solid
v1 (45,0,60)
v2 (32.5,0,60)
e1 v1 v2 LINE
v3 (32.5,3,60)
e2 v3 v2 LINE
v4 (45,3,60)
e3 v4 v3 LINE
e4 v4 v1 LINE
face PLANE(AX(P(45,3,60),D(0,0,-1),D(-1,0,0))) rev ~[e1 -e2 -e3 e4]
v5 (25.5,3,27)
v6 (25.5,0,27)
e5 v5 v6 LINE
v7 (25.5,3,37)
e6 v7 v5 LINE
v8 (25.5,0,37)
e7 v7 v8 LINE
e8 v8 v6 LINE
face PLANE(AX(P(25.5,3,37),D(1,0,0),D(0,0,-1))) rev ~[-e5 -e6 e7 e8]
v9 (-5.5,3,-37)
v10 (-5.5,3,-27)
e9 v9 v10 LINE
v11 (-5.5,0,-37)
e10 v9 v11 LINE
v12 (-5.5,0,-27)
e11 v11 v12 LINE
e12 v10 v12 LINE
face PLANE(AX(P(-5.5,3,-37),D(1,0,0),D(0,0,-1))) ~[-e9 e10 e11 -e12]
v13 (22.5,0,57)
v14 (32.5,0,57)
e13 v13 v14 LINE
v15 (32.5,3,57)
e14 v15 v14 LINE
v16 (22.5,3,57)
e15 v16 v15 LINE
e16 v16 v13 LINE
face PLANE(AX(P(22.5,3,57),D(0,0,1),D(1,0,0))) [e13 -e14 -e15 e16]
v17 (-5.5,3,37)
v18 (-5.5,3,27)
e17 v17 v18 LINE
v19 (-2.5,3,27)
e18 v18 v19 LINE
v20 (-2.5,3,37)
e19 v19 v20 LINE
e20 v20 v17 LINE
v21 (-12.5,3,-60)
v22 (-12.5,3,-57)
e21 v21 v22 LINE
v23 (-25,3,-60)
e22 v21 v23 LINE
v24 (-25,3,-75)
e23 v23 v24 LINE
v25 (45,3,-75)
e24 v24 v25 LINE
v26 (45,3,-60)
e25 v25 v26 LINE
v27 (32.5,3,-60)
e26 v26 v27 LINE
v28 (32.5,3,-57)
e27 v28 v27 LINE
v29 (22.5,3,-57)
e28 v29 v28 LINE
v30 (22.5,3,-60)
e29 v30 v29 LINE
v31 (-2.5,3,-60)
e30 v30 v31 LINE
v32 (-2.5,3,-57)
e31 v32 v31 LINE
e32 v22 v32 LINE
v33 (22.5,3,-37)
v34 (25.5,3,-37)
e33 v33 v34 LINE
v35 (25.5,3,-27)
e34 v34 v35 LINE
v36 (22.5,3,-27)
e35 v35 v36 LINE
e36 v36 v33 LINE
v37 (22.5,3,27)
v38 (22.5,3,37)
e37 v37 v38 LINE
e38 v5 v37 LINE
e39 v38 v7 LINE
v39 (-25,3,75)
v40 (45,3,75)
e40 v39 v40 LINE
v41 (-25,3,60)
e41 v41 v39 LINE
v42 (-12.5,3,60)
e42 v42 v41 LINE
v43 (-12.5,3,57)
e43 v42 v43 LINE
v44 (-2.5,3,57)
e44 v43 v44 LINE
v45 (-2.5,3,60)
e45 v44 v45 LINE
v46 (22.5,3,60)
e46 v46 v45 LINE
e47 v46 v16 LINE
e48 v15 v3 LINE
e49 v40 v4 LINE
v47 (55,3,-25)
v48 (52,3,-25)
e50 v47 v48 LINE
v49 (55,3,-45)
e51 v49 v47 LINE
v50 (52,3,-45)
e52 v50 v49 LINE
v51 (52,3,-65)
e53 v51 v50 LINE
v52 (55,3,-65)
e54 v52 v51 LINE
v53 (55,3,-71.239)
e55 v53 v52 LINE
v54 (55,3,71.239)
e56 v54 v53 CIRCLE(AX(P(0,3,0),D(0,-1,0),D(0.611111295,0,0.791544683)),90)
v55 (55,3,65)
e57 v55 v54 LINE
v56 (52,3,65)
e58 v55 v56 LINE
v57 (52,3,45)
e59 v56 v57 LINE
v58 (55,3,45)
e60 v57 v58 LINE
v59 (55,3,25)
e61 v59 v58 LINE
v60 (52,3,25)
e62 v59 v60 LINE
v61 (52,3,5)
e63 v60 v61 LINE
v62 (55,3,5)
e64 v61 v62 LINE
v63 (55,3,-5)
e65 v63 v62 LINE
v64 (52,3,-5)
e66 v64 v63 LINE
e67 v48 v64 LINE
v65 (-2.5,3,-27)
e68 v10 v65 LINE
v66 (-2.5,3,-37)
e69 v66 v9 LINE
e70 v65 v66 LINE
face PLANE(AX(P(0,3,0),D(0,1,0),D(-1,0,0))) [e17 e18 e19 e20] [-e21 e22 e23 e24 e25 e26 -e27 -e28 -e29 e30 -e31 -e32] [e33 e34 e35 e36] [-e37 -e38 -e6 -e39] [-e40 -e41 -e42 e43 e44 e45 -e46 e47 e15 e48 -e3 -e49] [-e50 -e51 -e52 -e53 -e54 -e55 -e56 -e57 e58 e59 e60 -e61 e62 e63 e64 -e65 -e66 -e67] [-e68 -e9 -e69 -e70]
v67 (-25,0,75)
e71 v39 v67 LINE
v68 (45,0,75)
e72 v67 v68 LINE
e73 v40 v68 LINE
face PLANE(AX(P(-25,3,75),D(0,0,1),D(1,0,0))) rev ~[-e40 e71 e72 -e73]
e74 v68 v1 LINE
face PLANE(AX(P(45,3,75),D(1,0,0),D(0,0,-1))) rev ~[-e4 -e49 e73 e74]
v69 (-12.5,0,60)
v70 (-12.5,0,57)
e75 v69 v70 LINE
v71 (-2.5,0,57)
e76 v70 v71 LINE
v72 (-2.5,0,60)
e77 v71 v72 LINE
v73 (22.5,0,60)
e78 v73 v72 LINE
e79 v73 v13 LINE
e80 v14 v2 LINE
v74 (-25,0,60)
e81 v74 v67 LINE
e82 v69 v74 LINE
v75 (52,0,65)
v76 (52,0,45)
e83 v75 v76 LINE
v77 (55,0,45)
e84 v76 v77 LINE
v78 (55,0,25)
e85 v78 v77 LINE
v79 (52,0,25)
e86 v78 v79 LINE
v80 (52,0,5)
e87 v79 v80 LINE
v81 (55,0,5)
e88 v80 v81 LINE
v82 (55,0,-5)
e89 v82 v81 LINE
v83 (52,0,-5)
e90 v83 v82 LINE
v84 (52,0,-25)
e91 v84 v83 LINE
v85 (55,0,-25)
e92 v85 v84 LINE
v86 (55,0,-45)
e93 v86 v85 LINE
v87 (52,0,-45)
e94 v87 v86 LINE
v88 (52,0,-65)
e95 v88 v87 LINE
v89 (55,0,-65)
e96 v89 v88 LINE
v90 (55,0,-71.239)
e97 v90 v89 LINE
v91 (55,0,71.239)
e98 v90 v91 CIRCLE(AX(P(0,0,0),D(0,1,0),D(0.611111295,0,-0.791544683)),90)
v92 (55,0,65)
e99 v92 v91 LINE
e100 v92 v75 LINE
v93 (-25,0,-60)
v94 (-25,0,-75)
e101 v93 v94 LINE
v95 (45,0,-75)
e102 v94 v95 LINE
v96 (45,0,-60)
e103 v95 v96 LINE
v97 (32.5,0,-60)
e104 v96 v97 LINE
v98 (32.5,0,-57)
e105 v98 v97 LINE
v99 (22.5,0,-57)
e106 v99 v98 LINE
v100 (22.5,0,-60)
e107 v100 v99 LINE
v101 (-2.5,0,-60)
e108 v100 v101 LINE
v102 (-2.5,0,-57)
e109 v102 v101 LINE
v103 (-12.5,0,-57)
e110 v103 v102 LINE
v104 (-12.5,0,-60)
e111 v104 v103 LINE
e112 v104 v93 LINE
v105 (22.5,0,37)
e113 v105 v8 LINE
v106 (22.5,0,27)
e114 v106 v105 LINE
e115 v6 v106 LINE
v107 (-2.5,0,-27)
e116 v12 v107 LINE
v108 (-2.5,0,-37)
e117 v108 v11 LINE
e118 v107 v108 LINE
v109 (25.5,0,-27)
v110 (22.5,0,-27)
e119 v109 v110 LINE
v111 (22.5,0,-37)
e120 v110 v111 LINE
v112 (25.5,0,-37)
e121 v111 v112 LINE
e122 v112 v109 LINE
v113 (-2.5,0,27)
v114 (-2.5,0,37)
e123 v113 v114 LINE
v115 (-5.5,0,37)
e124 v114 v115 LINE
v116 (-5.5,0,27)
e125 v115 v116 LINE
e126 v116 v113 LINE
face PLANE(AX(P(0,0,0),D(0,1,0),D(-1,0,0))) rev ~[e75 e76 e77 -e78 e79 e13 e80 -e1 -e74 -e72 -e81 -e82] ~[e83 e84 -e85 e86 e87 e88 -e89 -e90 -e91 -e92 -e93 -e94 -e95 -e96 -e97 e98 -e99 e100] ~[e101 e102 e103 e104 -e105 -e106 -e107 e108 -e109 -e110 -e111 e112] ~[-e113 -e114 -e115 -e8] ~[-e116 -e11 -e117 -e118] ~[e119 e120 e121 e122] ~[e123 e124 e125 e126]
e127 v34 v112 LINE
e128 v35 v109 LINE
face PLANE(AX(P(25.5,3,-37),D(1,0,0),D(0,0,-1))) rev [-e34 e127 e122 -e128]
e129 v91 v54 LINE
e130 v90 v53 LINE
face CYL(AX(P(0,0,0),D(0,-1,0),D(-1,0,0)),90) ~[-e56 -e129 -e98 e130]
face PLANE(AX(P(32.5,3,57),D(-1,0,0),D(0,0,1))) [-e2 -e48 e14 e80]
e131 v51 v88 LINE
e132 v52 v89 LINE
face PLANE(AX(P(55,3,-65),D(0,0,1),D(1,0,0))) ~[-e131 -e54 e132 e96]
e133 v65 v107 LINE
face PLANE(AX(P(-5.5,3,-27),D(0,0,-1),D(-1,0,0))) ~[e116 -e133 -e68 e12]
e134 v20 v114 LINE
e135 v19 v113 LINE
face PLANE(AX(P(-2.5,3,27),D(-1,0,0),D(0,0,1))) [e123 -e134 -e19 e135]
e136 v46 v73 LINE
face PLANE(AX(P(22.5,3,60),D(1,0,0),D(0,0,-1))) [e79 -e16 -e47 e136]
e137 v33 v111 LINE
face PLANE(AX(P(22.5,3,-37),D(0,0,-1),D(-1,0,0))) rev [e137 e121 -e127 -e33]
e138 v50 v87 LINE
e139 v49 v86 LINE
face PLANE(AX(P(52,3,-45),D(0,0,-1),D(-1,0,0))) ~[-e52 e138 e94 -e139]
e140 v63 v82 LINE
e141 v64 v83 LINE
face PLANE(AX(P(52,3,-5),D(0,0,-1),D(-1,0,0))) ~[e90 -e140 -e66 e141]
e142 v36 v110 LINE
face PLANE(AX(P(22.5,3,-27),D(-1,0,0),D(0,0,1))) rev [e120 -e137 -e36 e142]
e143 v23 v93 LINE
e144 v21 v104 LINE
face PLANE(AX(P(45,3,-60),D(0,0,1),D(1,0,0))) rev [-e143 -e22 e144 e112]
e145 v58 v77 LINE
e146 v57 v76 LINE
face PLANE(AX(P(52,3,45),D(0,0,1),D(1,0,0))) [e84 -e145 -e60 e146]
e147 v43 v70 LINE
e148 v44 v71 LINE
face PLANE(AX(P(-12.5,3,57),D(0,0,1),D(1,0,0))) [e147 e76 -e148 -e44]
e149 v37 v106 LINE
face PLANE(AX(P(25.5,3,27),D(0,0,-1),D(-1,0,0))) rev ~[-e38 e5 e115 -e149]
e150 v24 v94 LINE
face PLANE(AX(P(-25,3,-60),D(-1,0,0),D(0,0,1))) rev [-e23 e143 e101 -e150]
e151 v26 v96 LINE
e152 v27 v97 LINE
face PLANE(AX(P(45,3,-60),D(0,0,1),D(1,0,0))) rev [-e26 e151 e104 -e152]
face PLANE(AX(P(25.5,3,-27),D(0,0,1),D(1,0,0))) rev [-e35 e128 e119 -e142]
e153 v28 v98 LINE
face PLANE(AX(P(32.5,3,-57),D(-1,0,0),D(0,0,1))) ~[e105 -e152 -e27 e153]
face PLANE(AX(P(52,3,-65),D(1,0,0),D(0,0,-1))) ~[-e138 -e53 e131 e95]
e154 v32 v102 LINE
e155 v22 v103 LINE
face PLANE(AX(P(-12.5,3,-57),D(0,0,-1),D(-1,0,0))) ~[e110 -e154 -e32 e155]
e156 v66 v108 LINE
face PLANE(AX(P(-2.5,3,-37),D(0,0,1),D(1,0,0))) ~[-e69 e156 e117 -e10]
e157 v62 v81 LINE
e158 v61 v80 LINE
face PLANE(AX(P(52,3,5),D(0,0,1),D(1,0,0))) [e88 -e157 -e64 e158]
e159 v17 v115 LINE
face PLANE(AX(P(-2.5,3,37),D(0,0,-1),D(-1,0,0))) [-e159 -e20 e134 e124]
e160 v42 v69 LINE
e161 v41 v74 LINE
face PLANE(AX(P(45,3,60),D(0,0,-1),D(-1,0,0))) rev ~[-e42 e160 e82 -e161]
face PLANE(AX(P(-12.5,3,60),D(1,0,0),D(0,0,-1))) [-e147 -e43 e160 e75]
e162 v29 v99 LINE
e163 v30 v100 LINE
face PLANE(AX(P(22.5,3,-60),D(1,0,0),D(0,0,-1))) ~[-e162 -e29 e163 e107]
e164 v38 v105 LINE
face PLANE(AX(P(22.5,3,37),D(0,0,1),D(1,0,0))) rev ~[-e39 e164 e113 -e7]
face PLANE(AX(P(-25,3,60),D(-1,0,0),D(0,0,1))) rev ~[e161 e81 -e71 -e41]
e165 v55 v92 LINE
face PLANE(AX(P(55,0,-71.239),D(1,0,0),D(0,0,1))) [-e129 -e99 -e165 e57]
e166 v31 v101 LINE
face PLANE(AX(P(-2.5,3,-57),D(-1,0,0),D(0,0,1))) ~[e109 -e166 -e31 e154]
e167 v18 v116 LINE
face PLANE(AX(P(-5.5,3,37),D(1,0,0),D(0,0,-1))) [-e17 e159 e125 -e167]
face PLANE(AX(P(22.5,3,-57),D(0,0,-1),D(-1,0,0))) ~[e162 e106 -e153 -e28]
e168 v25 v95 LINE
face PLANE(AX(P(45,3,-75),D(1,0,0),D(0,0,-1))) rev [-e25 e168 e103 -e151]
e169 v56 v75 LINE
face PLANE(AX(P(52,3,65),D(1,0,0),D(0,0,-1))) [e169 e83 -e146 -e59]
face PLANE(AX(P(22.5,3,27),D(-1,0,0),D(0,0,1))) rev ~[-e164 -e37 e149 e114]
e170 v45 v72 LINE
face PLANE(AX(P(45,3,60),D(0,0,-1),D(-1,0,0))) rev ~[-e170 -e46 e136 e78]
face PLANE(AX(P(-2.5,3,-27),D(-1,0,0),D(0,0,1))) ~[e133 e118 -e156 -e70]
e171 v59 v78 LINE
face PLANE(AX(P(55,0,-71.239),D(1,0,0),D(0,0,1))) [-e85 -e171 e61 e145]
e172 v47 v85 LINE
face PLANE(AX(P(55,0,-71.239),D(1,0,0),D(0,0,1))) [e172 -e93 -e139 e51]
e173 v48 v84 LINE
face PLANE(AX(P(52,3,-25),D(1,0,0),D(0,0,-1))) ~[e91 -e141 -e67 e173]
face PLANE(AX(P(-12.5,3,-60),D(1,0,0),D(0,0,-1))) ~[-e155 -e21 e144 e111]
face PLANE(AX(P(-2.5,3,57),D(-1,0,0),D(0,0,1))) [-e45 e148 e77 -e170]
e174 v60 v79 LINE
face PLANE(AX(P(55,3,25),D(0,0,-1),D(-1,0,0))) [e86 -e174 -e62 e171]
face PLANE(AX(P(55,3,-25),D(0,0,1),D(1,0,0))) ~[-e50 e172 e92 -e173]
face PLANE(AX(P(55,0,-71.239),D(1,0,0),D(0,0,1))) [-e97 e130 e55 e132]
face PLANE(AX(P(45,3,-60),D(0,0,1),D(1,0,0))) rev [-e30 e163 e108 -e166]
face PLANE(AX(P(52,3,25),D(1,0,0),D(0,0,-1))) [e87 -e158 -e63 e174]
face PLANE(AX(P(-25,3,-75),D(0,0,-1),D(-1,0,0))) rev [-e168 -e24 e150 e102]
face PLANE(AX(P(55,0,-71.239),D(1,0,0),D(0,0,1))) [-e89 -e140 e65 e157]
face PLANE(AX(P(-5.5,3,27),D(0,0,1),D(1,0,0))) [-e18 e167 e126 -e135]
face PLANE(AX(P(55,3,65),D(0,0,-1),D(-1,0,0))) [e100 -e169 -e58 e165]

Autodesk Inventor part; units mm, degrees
ref_plane "YZ Plane" through (0, 0, 0) normal (1, 0, 0) x (0, 1, 0)
ref_plane "XZ Plane" through (0, 0, 0) normal (0, 1, 0) x (-1, 0, 0)
ref_plane "XY Plane" through (0, 0, 0) normal (0, 0, 1) x (1, 0, 0)
sketch "Sketch1" plane through (0, 0, 0) normal (0, 1, 0) x (-1, 0, 0)
  circle A0 centre (0, 0) radius 90 construction
  line L0 (-55, 71.239) -> (-55, -71.239) construction
  line L1 (-45, 75) -> (25, 75) construction
  line L2 (25, 75) -> (25, 60) construction
  line L3 (25, 60) -> (-45, 60) construction
  line L4 (-45, 60) -> (-45, 75) construction
  line L5 (-55, 0) -> (0, 0) construction
  circle A1 centre (0, 0) radius 90 construction
  line L6 (-45, -75) -> (25, -75) construction
  line L7 (25, -75) -> (25, -60) construction
  line L8 (25, -60) -> (-45, -60) construction
  line L9 (-45, -60) -> (-45, -75) construction
  line L10 (-10, 60) -> (-10, -60) construction
  dimension "d0" = 180
  dimension "d1" = 55
  dimension "d2" = 70
  dimension "d3" = 60
  dimension "d4" = 10
  dimension "d5" = 15
sketch "Sketch2" plane through (0, 0, 0) normal (0, 1, 0) x (-1, 0, 0)
  circle A0 centre (0, 0) radius 90
  line L0 (-55, -71.239) -> (-55, 71.239)
  dimension "d6" = 180
  dimension "d7" = 55
extrude "Extrusion1" add sketch "Sketch2" along normal blind 3 contours A0 L0 picked at (-6.6667, 0)
sketch "Sketch3" plane through (0, 3, 0) normal (0, 1, 0) x (1, 0, 0)
  line L0 (-25, -60) -> (45, -60) construction
  line L1 (45, -60) -> (45, -75) construction
  line L2 (-25, -75) -> (-25, -60) construction
  line L3 (45, -75) -> (-25, -75) construction
  line L4 (45, -60) -> (-25, -60)
  line L5 (-25, -60) -> (-25, -75)
  line L6 (-25, -75) -> (45, -75)
  line L7 (45, -75) -> (45, -60)
  point P0 (0, 0)
extrude "Extrusion2" cut sketch "Sketch3" against normal blind 3
mirror "Mirror1" about plane through (0, 0, 0) normal (0, 0, 1) of "Extrusion2"
sketch "Sketch4" plane through (0, 3, 0) normal (0, 1, 0) x (1, 0, 0)
  line L0 (10, -60) -> (10, 60)
  line L1 (22.5, -5) -> (-2.5, -5) construction
  line L2 (-2.5, -5) -> (-2.5, -57) construction
  line L3 (-2.5, -57) -> (22.5, -57) construction
  line L4 (22.5, -57) -> (22.5, -5) construction
  line L5 (22.5, -5) -> (-2.5, -57) construction
  line L6 (-2.5, -5) -> (22.5, -57) construction
  line L7 (-25, -60) -> (45, -60) construction
  line L8 (45, 60) -> (-25, 60) construction
  line L9 (45, -60) -> (-25, -60) projected
  line L10 (-2.5, -60) -> (-12.5, -60)
  line L11 (-12.5, -60) -> (-12.5, -57)
  line L12 (-12.5, -57) -> (-2.5, -57)
  line L13 (-2.5, -57) -> (-2.5, -60)
  line L14 (22.5, -57) -> (32.5, -57)
  line L15 (32.5, -57) -> (32.5, -60)
  line L16 (32.5, -60) -> (22.5, -60)
  line L17 (22.5, -60) -> (22.5, -57)
  line L18 (-2.5, -37) -> (-5.5, -37)
  line L19 (-5.5, -37) -> (-5.5, -27)
  line L20 (-5.5, -27) -> (-2.5, -27)
  line L21 (-2.5, -27) -> (-2.5, -37)
  line L22 (22.5, -37) -> (25.5, -37)
  line L23 (25.5, -37) -> (25.5, -27)
  line L24 (25.5, -27) -> (22.5, -27)
  line L25 (22.5, -27) -> (22.5, -37)
  point P0 (0, 0)
  point P1 (10, -31)
  dimension "d12" = 25
  dimension "d13" = 52
  dimension "d14" = 3
  dimension "d15" = 10
  dimension "d16" = 10
  dimension "d17" = 3
  dimension "d18" = 10
  dimension "d19" = 20
  dimension "d20" = 3
  dimension "d21" = 10
extrude "Extrusion3" cut sketch "Sketch4" against normal blind 3
sketch "Sketch5" plane through (0, 3, 0) normal (0, 1, 0) x (1, 0, 0)
  line L0 (55, -71.239) -> (55, 71.239) projected
  line L1 (55, -65) -> (52, -65)
  line L2 (52, -65) -> (52, -45)
  line L3 (52, -45) -> (55, -45)
  line L4 (55, -45) -> (55, -65)
  line L5 (55, -25) -> (52, -25)
  line L6 (52, -25) -> (52, -5)
  line L7 (52, -5) -> (55, -5)
  line L8 (55, -5) -> (55, -25)
  point P0 (0, 0)
  dimension "d24" = 3
  dimension "d25" = 20
  dimension "d26" = 20
  dimension "d27" = 20
  dimension "d28" = 5
extrude "Extrusion4" cut sketch "Sketch5" against normal blind 3
mirror "Mirror2" about plane through (0, 0, 0) normal (0, 0, 1) of "Extrusion3", "Extrusion4"
properties part number "BasePlate"
